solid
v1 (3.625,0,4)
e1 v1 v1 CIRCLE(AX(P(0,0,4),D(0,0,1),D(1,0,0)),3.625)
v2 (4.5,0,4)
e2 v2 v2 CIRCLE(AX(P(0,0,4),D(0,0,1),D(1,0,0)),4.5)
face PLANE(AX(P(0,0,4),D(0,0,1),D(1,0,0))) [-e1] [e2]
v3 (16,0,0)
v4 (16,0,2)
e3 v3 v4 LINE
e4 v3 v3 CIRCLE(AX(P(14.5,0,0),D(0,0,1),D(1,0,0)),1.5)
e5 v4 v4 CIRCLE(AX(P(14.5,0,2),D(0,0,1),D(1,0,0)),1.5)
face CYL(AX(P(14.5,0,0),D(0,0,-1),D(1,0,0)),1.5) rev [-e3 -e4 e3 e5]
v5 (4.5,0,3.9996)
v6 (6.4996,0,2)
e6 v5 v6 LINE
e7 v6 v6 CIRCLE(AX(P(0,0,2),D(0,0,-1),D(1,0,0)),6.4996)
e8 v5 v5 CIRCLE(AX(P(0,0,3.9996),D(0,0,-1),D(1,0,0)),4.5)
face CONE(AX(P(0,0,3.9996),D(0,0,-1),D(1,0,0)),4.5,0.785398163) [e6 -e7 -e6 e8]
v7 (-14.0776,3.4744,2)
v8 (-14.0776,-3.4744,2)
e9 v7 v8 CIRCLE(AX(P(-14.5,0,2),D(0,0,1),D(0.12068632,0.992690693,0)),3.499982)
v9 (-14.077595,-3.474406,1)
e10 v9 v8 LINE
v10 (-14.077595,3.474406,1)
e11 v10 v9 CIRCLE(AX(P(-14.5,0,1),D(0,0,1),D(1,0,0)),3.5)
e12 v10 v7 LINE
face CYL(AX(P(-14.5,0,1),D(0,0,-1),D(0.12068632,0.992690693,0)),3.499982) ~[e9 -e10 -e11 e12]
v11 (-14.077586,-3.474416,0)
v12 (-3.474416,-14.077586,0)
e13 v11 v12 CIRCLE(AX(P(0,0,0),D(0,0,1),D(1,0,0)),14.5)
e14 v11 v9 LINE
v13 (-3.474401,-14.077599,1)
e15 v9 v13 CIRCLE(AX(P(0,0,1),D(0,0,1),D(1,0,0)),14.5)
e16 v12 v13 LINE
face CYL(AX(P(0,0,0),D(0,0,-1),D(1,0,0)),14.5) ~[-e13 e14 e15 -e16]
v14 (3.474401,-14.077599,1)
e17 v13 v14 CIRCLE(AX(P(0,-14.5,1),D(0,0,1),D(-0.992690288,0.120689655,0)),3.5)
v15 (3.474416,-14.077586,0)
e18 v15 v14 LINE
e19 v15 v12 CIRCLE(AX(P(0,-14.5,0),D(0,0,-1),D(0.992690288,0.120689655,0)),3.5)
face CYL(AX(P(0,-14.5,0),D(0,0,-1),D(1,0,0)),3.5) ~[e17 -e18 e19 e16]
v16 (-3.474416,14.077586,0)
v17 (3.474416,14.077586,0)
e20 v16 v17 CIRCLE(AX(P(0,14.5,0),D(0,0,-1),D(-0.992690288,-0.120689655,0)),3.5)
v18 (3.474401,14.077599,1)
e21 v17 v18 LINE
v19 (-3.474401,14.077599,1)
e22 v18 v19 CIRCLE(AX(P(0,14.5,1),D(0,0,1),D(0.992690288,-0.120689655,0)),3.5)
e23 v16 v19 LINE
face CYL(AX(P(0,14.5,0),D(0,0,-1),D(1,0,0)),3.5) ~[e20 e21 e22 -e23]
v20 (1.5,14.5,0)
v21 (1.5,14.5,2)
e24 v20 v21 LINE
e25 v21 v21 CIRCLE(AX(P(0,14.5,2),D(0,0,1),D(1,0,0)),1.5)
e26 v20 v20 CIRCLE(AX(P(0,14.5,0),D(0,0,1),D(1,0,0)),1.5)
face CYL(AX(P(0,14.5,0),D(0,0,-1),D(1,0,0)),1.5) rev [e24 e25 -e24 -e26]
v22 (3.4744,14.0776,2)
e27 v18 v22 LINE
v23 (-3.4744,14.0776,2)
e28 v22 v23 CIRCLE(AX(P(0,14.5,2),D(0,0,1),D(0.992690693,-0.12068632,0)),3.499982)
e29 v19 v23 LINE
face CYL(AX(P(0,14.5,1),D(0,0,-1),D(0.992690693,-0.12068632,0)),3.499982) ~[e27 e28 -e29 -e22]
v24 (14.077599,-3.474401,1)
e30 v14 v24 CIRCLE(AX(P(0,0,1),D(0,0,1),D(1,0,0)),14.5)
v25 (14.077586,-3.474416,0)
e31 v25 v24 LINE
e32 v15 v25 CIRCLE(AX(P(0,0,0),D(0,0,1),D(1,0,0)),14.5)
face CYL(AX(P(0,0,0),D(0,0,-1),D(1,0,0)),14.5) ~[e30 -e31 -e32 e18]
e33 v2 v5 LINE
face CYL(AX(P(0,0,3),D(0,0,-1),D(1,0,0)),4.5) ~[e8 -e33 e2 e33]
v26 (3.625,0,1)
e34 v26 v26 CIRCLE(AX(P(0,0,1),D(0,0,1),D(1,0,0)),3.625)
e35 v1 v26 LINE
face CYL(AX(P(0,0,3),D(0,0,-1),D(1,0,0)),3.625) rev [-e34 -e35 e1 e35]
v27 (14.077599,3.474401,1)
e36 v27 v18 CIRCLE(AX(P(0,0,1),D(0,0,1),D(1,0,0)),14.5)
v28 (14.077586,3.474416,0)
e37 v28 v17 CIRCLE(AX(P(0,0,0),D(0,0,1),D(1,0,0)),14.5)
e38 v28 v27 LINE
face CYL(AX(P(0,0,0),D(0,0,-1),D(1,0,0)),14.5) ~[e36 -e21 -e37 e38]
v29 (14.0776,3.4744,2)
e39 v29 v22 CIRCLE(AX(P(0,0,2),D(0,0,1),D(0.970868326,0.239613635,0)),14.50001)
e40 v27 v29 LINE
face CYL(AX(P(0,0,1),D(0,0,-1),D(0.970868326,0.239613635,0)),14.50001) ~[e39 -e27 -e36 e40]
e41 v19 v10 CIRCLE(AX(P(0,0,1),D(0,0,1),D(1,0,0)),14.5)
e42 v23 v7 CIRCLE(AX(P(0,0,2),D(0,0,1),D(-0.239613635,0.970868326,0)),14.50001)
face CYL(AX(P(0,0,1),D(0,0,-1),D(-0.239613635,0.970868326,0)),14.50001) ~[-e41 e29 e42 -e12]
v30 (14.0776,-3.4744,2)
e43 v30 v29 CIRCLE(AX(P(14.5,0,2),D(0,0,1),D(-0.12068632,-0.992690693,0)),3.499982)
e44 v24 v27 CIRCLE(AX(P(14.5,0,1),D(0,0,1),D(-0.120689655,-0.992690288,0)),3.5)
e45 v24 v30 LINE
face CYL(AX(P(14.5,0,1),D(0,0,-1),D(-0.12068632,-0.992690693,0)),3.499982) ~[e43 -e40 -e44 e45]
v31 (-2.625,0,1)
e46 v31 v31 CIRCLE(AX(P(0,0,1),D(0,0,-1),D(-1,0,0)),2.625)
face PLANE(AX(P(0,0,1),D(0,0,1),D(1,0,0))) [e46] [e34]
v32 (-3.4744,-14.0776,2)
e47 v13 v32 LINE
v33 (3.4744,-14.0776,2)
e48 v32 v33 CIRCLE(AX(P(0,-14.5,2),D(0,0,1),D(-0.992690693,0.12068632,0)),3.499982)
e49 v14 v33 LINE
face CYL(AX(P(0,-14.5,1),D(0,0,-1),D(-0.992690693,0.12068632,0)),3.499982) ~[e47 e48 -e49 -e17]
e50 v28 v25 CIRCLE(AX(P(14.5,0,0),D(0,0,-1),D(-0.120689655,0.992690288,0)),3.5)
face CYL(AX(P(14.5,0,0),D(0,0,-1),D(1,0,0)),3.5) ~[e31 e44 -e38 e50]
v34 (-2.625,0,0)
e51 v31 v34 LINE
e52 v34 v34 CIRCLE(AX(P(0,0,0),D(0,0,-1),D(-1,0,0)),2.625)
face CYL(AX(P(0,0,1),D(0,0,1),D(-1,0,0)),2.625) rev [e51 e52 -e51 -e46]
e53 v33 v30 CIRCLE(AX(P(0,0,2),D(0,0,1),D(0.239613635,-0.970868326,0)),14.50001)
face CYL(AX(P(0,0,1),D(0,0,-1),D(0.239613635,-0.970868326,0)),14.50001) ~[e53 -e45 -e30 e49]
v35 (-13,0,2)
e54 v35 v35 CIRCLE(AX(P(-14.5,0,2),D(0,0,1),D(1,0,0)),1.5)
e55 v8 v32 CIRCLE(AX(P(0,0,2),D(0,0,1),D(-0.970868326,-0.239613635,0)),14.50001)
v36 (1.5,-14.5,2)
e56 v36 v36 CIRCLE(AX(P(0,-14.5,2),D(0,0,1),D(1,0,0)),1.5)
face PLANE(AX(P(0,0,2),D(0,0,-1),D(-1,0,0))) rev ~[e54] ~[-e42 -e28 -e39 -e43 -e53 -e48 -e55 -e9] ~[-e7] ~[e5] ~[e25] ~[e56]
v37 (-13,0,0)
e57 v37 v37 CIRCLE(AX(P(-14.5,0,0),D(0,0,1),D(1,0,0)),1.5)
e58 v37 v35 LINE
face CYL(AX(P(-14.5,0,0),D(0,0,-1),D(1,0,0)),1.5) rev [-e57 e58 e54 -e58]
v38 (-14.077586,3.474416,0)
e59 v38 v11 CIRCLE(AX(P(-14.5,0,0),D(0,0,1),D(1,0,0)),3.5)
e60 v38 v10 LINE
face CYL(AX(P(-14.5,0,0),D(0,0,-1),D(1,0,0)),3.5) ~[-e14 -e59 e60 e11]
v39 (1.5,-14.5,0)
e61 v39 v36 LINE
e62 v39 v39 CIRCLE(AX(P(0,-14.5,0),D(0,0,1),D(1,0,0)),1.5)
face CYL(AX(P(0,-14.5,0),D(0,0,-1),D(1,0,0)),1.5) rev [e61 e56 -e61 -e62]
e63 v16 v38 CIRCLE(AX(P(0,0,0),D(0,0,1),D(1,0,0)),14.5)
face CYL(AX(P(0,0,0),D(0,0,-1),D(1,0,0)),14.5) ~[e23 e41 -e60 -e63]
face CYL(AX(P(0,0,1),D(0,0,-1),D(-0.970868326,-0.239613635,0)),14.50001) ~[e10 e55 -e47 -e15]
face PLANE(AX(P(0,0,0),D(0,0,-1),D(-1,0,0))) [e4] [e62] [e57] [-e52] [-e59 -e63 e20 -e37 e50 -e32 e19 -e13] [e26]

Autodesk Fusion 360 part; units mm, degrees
sketch "Sketch1" plane through (0, 0, 0) normal (0, 0, 1) x (1, 0, 0)
  circle A0 centre (0, 0) radius 11
  circle A1 centre (0, 0) radius 12.5
  circle A2 centre (0, 0) radius 14.5
  line L0 (0, 0) -> (0, 14.5)
  line L1 (0, 0) -> (14.5, 0)
  line L2 (0, 0) -> (-14.5, 0)
  line L3 (0, 0) -> (0, -14.5)
  circle A3 centre (0, 14.5) radius 3.5
  circle A4 centre (14.5, 0) radius 3.5
  circle A5 centre (0, -14.5) radius 3.5
  circle A6 centre (-14.5, 0) radius 3.5
  circle A7 centre (-14.5, 0) radius 1.5
  circle A8 centre (0, 14.5) radius 1.5
  circle A9 centre (14.5, 0) radius 1.5
  circle A10 centre (0, -14.5) radius 1.5
  dimension "d1" = 22
  dimension "d2" = 25
  dimension "d3" = 29
  dimension "d4" = 7
  dimension "d5" = 3
  dimension "d6" = 3
  dimension "d7" = 3
  dimension "d8" = 3
extrude "Extrude1" add sketch "Sketch1" along normal blind 1 contours A0 A1 A4 A5 | A1 L1 A4 | A0 A1 A3 A4 | A1 L1 A4 | A1 L0 A3 | A0 A1 A3 A6 | A1 L0 A3 | A0 A1 A5 A6 | A1 L3 A5 | A1 L3 A5 | A1 A2 L1 A4 A9 | A1 A2 L1 A4 A9 | A1 A2 A3 A4 | A1 A2 A4 A5 | A1 L2 A6 | A1 L2 A6 | A1 A2 L0 A3 A8 | A1 A2 L0 A3 A8 | A1 A2 A3 A6 | A1 A2 L3 A5 A10 | A1 A2 L3 A5 A10 | A1 A2 A5 A6 | A2 A4 A9 | A1 A2 L2 A6 A7 | A1 A2 L2 A6 A7 | A2 A3 A8 | A2 A5 A10 | A2 A6 A7
sketch "Sketch2" plane through (0, 0, 1) normal (0, 0, 1) x (1, 0, 0)
  circle A0 centre (0, -14.5) radius 1.5
  circle A1 centre (14.5, 0) radius 1.5
  circle A2 centre (-14.5, 0) radius 1.5
  circle A3 centre (0, 14.5) radius 1.5
  circle A4 centre (0, 0) radius 11
  arc A5 (-3.4744, 14.0776) -> (-14.0776, 3.4744) centre (0, 0) ccw
  arc A6 (-14.0776, 3.4744) -> (-14.0776, -3.4744) centre (-14.5, 0) ccw
  arc A7 (-14.0776, -3.4744) -> (-3.4744, -14.0776) centre (0, 0) ccw
  arc A8 (-3.4744, -14.0776) -> (3.4744, -14.0776) centre (0, -14.5) ccw
  arc A9 (3.4744, -14.0776) -> (14.0776, -3.4744) centre (0, 0) ccw
  arc A10 (14.0776, -3.4744) -> (14.0776, 3.4744) centre (14.5, 0) ccw
  arc A11 (14.0776, 3.4744) -> (3.4744, 14.0776) centre (0, 0) ccw
  arc A12 (3.4744, 14.0776) -> (-3.4744, 14.0776) centre (0, 14.5) ccw
  circle A13 centre (0, 0) radius 11
  circle A14 centre (0, 0) radius 12.375
  circle A15 centre (0, 0) radius 14.5
  circle A16 centre (0, 14.5) radius 3.5
  circle A17 centre (14.5, 0) radius 3.5
  circle A18 centre (0, -14.5) radius 3.5
  circle A19 centre (-14.5, 0) radius 3.5
  dimension "d11" = 24.75
extrude "Extrude2" add sketch "Sketch2" along normal blind 1.25 contours A0 A8 A15 A18 | A0 A14 A15 A18 | A9 A14 A15 A17 A18 | A7 A14 A15 A18 A19 | A1 A10 A15 A17 | A1 A14 A15 A17 | A2 A6 A15 A19 | A2 A14 A15 A19 | A5 A14 A15 A16 A19 | A11 A14 A15 A16 A17 | A3 A12 A15 A16 | A3 A14 A15 A16
extrude "Extrude3" cut 1 faces at (-2.5265, -13.3305, 2.25) along direction (0, 0, -1) blind 1.25
sketch "Sketch3" plane through (0, 0, 1) normal (0, 0, 1) x (1, 0, 0)
  arc A0 (-3.4744, 14.0776) -> (-14.0776, 3.4744) centre (0, 0) ccw
  arc A1 (-14.0776, 3.4744) -> (-14.0776, -3.4744) centre (-14.5, 0) ccw
  arc A2 (-14.0776, -3.4744) -> (-3.4744, -14.0776) centre (0, 0) ccw
  arc A3 (-3.4744, -14.0776) -> (3.4744, -14.0776) centre (0, -14.5) ccw
  arc A4 (3.4744, -14.0776) -> (14.0776, -3.4744) centre (0, 0) ccw
  arc A5 (14.0776, -3.4744) -> (14.0776, 3.4744) centre (14.5, 0) ccw
  arc A6 (14.0776, 3.4744) -> (3.4744, 14.0776) centre (0, 0) ccw
  arc A7 (3.4744, 14.0776) -> (-3.4744, 14.0776) centre (0, 14.5) ccw
  circle A8 centre (0, 14.5) radius 1.5
  circle A9 centre (14.5, 0) radius 1.5
  circle A10 centre (-14.5, 0) radius 1.5
  circle A11 centre (0, -14.5) radius 1.5
  circle A12 centre (0, 0) radius 11
  circle A13 centre (0, 0) radius 3.05
  dimension "d16" = 6.1
extrude "Extrude4" add sketch "Sketch3" along normal blind 2 contours A0 A1 A2 A3 A4 A5 A6 A7 | A12
sketch "Sketch4" plane through (0, 0, 3) normal (0, 0, 1) x (1, 0, 0)
  circle A0 centre (-14.5, 0) radius 1.5
  circle A1 centre (0, 14.5) radius 1.5
  circle A2 centre (0, 0) radius 3.05
  circle A3 centre (0, -14.5) radius 1.5
  circle A4 centre (14.5, 0) radius 1.5
  arc A5 (3.4744, 14.0776) -> (-3.4744, 14.0776) centre (0, 14.5) ccw
  arc A6 (-3.4744, 14.0776) -> (-14.0776, 3.4744) centre (0, 0) ccw
  arc A7 (-14.0776, 3.4744) -> (-14.0776, -3.4744) centre (-14.5, 0) ccw
  arc A8 (-14.0776, -3.4744) -> (-3.4744, -14.0776) centre (0, 0) ccw
  arc A9 (-3.4744, -14.0776) -> (3.4744, -14.0776) centre (0, -14.5) ccw
  arc A10 (3.4744, -14.0776) -> (14.0776, -3.4744) centre (0, 0) ccw
  arc A11 (14.0776, -3.4744) -> (14.0776, 3.4744) centre (14.5, 0) ccw
  arc A12 (14.0776, 3.4744) -> (3.4744, 14.0776) centre (0, 0) ccw
  circle A13 centre (0, 0) radius 1.5
  dimension "d19" = 3
extrude "Extrude5" cut sketch "Sketch4" against normal blind 1 contours A5 A6 A7 A8 A9 A10 A11 A12
sketch "Sketch5" plane through (0, 0, 1) normal (0, 0, -1) x (-1, 0, 0)
  circle A0 centre (0, 0) radius 3.05
  circle A1 centre (0, 0) radius 11
  circle A2 centre (0, 0) radius 1.5
  dimension "d22" = 3
extrude "Extrude6" add sketch "Sketch5" against normal blind 1 contours A0
sketch "Sketch6" plane through (0, 0, 1) normal (0, 0, -1) x (-1, 0, 0)
  circle A0 centre (0, 0) radius 1.5
  circle A1 centre (0, 0) radius 11
  circle A2 centre (0, 0) radius 2.5
  dimension "d25" = 5
extrude "Extrude7" cut sketch "Sketch6" against normal blind 2 contours A2
sketch "Sketch7" plane through (0, 0, 1) normal (0, 0, -1) x (-1, 0, 0)
  circle A0 centre (0, 0) radius 2.5
  circle A1 centre (0, 0) radius 11
  circle A2 centre (0, 0) radius 5
  dimension "d28" = 10
extrude "Extrude8" cut sketch "Sketch7" against normal blind 4 contours A2
sketch "Sketch8" plane through (0, 0, 1) normal (0, 0, -1) x (-1, 0, 0)
  circle A0 centre (0, 0) radius 5
  circle A1 centre (0, 0) radius 11
  circle A2 centre (0, 0) radius 3.55
  dimension "d31" = 7.1
extrude "Extrude9" add sketch "Sketch8" against normal blind 1 contours A0
sketch "Sketch9" plane through (0, 0, 1) normal (0, 0, -1) x (-1, 0, 0)
  circle A0 centre (0, 0) radius 3.55
  circle A1 centre (0, 0) radius 11
  circle A2 centre (0, 0) radius 2.625
  dimension "d35" = 5.25
extrude "Extrude10" add sketch "Sketch9" along normal blind 1 contours A0 | A1
sketch "Sketch10" plane through (0, 0, 2) normal (0, 0, 1) x (1, 0, 0)
  circle A0 centre (0, 0) radius 3.55
  circle A1 centre (0, -14.5) radius 1.5
  circle A2 centre (14.5, 0) radius 1.5
  circle A3 centre (0, 14.5) radius 1.5
  circle A4 centre (-14.5, 0) radius 1.5
  arc A5 (14.0776, 3.4744) -> (3.4744, 14.0776) centre (0, 0) ccw
  arc A6 (3.4744, 14.0776) -> (-3.4744, 14.0776) centre (0, 14.5) ccw
  arc A7 (-3.4744, 14.0776) -> (-14.0776, 3.4744) centre (0, 0) ccw
  arc A8 (-14.0776, 3.4744) -> (-14.0776, -3.4744) centre (-14.5, 0) ccw
  arc A9 (-14.0776, -3.4744) -> (-3.4744, -14.0776) centre (0, 0) ccw
  arc A10 (-3.4744, -14.0776) -> (3.4744, -14.0776) centre (0, -14.5) ccw
  arc A11 (3.4744, -14.0776) -> (14.0776, -3.4744) centre (0, 0) ccw
  arc A12 (14.0776, -3.4744) -> (14.0776, 3.4744) centre (14.5, 0) ccw
  circle A13 centre (0, 0) radius 3.55
  circle A14 centre (0, 0) radius 4.5
  dimension "d38" = 9
extrude "Extrude11" add sketch "Sketch10" along normal blind 1 contours A14
chamfer "Chamfer1" distance 1 angle 45 1 edges at (-4.1955, 1.6273, 2)
sketch "Sketch11" plane through (0, 0, 3) normal (0, 0, 1) x (1, 0, 0)
  circle A0 centre (0, 0) radius 3.55
  circle A1 centre (0, 0) radius 4.5
  circle A2 centre (0, 0) radius 3.625
  dimension "d42" = 7.25
extrude "Extrude12" cut sketch "Sketch11" against normal blind 2 contours A2
extrude "Extrude13" add 1 faces at (4.1916, -0.2236, 3) along direction (0, 0, 1) blind 1
delete_face "DeleteFace1" 1 faces at (5.1409, -0.5144, 2.3333)
chamfer "Chamfer2" distance 2 angle 45 1 edges at (-4.1955, 1.6273, 2)
